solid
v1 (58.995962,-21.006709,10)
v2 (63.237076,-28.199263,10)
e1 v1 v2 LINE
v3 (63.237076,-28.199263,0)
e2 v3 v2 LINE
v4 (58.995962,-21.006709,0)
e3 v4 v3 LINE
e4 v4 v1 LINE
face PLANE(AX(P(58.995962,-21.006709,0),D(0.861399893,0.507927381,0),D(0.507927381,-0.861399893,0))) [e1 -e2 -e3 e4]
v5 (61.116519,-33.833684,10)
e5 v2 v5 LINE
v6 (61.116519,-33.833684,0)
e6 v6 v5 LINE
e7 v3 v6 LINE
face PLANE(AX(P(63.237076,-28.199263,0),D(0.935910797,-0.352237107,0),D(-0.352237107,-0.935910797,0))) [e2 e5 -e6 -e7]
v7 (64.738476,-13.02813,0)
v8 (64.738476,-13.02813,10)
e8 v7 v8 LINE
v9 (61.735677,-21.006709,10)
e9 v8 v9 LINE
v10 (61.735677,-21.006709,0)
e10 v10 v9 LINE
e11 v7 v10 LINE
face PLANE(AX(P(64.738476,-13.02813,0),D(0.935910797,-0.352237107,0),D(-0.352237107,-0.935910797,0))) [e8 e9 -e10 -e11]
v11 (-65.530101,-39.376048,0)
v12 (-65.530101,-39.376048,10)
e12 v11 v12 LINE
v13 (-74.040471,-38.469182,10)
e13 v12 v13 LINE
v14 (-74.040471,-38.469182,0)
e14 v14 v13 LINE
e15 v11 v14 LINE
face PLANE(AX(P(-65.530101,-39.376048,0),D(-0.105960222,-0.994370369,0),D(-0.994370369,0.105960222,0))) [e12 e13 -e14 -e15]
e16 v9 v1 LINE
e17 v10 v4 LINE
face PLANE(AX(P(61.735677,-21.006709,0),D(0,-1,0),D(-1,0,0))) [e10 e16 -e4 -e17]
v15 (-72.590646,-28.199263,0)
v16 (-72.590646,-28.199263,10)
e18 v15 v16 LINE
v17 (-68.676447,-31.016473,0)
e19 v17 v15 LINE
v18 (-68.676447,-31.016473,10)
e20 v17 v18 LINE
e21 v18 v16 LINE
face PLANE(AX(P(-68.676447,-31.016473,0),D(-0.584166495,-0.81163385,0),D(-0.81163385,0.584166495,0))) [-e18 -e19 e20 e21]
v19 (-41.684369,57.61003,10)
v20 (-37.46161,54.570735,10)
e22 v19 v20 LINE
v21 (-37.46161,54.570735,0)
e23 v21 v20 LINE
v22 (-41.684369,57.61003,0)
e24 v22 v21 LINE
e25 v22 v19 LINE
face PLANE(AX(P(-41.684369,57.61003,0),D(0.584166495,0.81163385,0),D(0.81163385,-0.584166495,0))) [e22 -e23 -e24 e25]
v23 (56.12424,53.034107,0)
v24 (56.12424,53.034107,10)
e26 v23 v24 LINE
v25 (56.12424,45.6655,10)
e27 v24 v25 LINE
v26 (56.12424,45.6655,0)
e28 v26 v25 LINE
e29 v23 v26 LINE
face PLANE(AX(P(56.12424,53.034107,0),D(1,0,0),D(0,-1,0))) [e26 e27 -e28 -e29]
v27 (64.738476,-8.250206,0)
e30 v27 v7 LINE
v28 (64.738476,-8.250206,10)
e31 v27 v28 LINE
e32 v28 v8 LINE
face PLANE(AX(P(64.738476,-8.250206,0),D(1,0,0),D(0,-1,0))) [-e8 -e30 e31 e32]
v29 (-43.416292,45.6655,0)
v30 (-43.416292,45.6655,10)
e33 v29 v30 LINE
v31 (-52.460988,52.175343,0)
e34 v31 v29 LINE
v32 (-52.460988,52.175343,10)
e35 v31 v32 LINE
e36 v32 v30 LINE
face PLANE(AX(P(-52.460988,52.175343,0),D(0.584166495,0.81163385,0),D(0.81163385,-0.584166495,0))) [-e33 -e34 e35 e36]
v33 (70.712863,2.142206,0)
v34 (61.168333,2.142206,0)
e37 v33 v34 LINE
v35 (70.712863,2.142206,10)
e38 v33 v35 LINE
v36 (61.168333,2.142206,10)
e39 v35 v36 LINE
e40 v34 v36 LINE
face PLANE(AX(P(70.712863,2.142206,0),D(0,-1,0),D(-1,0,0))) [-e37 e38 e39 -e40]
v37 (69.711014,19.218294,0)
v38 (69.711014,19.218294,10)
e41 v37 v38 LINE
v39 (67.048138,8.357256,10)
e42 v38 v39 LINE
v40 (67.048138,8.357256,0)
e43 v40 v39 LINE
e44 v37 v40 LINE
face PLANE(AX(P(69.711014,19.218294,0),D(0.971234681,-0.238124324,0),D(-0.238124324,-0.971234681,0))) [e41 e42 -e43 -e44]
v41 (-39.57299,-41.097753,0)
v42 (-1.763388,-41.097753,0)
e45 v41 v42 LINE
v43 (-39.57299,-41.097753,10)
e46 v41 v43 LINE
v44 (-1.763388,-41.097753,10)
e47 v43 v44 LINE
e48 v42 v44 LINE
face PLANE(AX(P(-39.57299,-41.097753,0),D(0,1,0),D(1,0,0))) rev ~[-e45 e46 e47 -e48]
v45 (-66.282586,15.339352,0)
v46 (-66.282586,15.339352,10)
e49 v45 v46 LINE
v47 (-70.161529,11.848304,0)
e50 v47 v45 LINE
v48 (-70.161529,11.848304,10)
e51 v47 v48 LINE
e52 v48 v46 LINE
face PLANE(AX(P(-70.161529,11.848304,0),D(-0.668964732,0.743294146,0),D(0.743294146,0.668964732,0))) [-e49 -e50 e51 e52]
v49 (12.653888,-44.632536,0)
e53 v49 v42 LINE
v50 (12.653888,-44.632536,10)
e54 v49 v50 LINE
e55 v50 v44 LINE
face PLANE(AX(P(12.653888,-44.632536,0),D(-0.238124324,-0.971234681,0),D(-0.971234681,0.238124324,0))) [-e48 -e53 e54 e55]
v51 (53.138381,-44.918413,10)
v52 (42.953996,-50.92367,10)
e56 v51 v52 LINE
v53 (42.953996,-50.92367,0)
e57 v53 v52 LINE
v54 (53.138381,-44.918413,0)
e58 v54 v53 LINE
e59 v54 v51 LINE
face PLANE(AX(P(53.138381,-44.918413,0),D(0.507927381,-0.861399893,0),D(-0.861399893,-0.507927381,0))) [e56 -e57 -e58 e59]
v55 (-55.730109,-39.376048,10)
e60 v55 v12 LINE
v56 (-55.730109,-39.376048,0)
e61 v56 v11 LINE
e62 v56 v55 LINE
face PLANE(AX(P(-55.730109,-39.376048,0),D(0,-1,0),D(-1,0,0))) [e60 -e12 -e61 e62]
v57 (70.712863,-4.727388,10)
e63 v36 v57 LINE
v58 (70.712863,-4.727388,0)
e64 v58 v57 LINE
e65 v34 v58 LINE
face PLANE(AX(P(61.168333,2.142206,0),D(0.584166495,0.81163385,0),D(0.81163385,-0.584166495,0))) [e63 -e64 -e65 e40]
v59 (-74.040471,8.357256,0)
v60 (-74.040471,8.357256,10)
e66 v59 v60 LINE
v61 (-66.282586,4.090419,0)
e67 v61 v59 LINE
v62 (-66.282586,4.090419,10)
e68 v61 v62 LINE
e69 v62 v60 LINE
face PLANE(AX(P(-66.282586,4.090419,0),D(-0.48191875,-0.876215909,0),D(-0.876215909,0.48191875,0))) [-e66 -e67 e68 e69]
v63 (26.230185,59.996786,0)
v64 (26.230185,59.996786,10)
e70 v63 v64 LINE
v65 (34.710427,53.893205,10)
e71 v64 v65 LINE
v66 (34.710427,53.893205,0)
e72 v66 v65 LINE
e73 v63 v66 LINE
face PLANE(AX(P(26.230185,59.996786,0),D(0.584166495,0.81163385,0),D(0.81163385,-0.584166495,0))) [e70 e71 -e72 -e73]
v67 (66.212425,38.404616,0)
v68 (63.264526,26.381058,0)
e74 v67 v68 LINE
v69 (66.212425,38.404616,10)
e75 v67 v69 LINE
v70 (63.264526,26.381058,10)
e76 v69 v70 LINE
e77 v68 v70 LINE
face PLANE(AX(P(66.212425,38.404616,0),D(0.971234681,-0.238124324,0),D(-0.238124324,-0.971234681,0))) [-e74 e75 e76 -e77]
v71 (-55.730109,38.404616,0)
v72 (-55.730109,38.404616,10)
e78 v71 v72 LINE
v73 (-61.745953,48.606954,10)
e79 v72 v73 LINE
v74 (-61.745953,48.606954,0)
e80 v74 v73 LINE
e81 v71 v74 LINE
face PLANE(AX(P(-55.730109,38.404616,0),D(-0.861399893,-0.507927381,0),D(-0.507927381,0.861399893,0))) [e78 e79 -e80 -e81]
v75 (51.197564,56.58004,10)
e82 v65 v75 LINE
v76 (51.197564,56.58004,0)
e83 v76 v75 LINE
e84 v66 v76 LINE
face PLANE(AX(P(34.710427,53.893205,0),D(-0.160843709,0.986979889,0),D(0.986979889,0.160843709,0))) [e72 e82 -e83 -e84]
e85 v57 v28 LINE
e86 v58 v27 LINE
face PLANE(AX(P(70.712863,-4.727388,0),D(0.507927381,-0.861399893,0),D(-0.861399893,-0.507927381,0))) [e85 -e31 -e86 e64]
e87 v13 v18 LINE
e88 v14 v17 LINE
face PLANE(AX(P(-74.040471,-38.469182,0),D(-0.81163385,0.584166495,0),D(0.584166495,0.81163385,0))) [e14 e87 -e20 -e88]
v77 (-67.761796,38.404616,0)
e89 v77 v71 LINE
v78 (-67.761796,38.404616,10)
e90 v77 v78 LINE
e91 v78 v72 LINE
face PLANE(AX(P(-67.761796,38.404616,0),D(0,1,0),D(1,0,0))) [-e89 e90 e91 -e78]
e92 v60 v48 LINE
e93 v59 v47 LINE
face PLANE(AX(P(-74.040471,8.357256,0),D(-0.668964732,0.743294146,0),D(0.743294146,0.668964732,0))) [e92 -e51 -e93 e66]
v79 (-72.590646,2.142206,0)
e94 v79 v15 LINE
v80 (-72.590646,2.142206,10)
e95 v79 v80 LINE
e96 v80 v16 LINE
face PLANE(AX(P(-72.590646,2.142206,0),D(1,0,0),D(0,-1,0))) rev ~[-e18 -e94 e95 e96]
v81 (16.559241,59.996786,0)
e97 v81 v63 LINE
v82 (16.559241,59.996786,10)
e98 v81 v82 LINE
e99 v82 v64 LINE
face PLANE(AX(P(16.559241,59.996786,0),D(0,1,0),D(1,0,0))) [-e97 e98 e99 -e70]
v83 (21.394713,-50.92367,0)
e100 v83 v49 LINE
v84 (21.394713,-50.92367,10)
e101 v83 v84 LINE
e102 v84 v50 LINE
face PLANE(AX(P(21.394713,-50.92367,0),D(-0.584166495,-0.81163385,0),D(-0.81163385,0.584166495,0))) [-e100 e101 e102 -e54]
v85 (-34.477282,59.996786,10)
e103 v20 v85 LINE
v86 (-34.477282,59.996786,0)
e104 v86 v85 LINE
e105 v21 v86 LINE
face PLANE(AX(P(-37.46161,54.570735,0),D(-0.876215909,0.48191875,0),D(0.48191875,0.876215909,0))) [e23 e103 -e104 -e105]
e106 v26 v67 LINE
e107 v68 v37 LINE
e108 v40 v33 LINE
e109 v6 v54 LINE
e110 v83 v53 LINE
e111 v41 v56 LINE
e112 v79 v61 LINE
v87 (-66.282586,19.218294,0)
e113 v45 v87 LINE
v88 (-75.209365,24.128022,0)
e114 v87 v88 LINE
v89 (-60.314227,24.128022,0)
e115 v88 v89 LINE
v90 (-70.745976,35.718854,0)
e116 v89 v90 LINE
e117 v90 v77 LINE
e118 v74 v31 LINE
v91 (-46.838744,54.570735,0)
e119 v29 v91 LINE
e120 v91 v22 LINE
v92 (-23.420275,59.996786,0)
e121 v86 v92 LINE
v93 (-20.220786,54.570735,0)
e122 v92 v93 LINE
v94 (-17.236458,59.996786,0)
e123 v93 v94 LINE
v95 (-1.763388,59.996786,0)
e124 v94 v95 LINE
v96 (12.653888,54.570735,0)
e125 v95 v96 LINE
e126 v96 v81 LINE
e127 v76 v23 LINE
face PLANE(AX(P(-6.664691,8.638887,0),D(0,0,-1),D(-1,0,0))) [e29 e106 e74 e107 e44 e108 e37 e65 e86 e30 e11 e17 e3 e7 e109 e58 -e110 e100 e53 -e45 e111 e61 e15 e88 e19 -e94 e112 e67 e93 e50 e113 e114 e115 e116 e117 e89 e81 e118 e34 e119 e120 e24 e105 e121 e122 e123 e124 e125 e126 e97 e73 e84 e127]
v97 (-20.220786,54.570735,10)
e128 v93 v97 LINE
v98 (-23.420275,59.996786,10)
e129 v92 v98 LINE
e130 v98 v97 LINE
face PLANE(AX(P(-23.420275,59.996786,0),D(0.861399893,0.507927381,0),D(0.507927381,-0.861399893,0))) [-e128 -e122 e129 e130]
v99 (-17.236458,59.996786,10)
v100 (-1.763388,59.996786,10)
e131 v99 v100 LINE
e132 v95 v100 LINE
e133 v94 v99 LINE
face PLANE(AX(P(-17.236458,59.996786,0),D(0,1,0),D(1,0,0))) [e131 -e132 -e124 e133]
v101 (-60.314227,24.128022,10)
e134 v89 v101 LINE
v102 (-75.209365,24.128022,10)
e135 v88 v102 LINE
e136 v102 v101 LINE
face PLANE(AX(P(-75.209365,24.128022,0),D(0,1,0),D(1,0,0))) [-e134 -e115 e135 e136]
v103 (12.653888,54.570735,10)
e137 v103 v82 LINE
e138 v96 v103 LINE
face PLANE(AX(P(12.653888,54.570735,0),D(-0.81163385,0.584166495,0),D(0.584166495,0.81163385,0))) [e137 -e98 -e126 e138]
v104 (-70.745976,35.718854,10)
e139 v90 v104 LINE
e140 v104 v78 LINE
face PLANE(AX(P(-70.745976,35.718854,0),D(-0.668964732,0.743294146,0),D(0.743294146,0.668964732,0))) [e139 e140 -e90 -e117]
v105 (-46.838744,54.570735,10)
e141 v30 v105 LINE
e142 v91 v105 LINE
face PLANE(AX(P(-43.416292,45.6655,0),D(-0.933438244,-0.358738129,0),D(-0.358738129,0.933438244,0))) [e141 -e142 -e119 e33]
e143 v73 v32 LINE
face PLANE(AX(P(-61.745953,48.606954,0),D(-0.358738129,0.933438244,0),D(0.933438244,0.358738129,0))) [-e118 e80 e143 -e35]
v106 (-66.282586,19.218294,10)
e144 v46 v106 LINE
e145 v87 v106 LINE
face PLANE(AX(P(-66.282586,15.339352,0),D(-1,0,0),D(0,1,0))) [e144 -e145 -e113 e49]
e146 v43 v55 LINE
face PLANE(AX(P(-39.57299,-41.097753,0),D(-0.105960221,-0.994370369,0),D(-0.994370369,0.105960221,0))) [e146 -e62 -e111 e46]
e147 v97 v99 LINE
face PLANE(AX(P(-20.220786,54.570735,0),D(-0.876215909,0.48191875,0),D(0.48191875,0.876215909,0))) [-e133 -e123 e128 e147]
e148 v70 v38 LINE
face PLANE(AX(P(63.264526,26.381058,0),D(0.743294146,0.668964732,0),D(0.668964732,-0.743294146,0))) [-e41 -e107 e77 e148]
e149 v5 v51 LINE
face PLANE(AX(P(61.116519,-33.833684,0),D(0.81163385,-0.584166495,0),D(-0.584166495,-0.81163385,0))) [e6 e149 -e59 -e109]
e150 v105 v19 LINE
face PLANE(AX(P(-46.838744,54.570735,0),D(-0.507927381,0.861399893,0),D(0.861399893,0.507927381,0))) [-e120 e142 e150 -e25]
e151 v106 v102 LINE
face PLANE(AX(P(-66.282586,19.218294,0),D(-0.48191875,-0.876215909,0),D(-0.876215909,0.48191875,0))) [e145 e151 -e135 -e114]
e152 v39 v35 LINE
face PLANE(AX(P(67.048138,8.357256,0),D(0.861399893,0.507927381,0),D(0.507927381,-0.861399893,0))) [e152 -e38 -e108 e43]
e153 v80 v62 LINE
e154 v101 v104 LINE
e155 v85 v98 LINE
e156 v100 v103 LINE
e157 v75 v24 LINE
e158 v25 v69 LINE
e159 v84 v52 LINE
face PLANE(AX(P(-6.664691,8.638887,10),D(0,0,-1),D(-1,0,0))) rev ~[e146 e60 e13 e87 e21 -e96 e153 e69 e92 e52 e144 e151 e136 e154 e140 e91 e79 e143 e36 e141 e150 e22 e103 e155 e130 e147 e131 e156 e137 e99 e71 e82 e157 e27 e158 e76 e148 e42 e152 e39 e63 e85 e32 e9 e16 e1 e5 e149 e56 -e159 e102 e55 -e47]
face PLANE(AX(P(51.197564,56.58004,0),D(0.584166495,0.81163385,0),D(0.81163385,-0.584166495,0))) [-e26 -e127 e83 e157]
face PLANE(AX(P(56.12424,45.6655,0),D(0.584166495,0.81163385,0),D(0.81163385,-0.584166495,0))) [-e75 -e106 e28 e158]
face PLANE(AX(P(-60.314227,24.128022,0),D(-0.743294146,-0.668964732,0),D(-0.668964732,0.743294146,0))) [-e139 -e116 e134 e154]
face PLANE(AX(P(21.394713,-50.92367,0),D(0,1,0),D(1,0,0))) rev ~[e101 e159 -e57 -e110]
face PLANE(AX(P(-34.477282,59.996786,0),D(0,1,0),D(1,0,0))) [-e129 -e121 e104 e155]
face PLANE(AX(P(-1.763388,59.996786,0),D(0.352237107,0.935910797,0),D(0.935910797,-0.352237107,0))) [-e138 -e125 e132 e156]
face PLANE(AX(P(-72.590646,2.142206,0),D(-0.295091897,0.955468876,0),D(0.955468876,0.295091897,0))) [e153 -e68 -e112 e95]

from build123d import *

# Parameters (mm, degrees)
EXTRUDE_1_DEPTH = 10


with BuildPart() as part:
    # Эскиз1 → Бобышка-Вытянуть1 (new body)
    with BuildSketch(Plane.XY):
        Polygon((-66.282586336, 4.09041909), (-74.040470763, 8.357255525), (-70.161528549, 11.848303517), (-66.282586336, 15.339351509), (-66.282586336, 19.218293722), (-75.209365057, 24.128022019), (-60.314226958, 24.128022019), (-70.745975697, 35.71885395), (-67.761796008, 38.40461567), (-55.730109265, 38.40461567), (-61.745952636, 48.606953693), (-52.460988202, 52.175342696), (-43.416291781, 45.665500099), (-46.838743542, 54.570735165), (-41.684369065, 57.610029636), (-37.461610157, 54.570735165), (-34.477282264, 59.996785881), (-23.420274879, 59.996785881), (-20.22078559, 54.570735165), (-17.236457696, 59.996785881), (-1.763387891, 59.996785881), (12.653887704, 54.570735165), (16.559241123, 59.996785881), (26.230185451, 59.996785881), (34.710427131, 53.893204737), (51.197564442, 56.580039943), (56.124240189, 53.034107371), (56.124240189, 45.665500099), (66.212425028, 38.40461567), (63.264526212, 26.381057915), (69.711013986, 19.218293722), (67.048138131, 8.357255525), (70.712863391, 2.142205771), (61.168332609, 2.142205771), (70.712863391, -4.727388317), (64.73847562, -8.250206419), (64.73847562, -13.02813029), (61.735677356, -21.006708523), (58.995962435, -21.006708523), (63.237076488, -28.199262665), (61.116519462, -33.833683844), (53.138381044, -44.918412685), (42.953995786, -50.923670147), (34.710427131, -50.923670147), (21.394713287, -50.923670147), (12.653887704, -44.632535977), (-1.763387891, -41.097752801), (-17.236457696, -41.097752801), (-39.572989611, -41.097752801), (-55.730109265, -39.376048265), (-65.530101327, -39.376048265), (-74.040470763, -38.469182314), (-68.6764474, -31.016473255), (-72.590645655, -28.199262665), (-72.590645655, -19.765075522), (-72.590645655, -11.813243984), (-72.590645655, -8.250206419), (-72.590645655, 2.142205771), align=None)
    extrude(amount=EXTRUDE_1_DEPTH)


solid = part.part
